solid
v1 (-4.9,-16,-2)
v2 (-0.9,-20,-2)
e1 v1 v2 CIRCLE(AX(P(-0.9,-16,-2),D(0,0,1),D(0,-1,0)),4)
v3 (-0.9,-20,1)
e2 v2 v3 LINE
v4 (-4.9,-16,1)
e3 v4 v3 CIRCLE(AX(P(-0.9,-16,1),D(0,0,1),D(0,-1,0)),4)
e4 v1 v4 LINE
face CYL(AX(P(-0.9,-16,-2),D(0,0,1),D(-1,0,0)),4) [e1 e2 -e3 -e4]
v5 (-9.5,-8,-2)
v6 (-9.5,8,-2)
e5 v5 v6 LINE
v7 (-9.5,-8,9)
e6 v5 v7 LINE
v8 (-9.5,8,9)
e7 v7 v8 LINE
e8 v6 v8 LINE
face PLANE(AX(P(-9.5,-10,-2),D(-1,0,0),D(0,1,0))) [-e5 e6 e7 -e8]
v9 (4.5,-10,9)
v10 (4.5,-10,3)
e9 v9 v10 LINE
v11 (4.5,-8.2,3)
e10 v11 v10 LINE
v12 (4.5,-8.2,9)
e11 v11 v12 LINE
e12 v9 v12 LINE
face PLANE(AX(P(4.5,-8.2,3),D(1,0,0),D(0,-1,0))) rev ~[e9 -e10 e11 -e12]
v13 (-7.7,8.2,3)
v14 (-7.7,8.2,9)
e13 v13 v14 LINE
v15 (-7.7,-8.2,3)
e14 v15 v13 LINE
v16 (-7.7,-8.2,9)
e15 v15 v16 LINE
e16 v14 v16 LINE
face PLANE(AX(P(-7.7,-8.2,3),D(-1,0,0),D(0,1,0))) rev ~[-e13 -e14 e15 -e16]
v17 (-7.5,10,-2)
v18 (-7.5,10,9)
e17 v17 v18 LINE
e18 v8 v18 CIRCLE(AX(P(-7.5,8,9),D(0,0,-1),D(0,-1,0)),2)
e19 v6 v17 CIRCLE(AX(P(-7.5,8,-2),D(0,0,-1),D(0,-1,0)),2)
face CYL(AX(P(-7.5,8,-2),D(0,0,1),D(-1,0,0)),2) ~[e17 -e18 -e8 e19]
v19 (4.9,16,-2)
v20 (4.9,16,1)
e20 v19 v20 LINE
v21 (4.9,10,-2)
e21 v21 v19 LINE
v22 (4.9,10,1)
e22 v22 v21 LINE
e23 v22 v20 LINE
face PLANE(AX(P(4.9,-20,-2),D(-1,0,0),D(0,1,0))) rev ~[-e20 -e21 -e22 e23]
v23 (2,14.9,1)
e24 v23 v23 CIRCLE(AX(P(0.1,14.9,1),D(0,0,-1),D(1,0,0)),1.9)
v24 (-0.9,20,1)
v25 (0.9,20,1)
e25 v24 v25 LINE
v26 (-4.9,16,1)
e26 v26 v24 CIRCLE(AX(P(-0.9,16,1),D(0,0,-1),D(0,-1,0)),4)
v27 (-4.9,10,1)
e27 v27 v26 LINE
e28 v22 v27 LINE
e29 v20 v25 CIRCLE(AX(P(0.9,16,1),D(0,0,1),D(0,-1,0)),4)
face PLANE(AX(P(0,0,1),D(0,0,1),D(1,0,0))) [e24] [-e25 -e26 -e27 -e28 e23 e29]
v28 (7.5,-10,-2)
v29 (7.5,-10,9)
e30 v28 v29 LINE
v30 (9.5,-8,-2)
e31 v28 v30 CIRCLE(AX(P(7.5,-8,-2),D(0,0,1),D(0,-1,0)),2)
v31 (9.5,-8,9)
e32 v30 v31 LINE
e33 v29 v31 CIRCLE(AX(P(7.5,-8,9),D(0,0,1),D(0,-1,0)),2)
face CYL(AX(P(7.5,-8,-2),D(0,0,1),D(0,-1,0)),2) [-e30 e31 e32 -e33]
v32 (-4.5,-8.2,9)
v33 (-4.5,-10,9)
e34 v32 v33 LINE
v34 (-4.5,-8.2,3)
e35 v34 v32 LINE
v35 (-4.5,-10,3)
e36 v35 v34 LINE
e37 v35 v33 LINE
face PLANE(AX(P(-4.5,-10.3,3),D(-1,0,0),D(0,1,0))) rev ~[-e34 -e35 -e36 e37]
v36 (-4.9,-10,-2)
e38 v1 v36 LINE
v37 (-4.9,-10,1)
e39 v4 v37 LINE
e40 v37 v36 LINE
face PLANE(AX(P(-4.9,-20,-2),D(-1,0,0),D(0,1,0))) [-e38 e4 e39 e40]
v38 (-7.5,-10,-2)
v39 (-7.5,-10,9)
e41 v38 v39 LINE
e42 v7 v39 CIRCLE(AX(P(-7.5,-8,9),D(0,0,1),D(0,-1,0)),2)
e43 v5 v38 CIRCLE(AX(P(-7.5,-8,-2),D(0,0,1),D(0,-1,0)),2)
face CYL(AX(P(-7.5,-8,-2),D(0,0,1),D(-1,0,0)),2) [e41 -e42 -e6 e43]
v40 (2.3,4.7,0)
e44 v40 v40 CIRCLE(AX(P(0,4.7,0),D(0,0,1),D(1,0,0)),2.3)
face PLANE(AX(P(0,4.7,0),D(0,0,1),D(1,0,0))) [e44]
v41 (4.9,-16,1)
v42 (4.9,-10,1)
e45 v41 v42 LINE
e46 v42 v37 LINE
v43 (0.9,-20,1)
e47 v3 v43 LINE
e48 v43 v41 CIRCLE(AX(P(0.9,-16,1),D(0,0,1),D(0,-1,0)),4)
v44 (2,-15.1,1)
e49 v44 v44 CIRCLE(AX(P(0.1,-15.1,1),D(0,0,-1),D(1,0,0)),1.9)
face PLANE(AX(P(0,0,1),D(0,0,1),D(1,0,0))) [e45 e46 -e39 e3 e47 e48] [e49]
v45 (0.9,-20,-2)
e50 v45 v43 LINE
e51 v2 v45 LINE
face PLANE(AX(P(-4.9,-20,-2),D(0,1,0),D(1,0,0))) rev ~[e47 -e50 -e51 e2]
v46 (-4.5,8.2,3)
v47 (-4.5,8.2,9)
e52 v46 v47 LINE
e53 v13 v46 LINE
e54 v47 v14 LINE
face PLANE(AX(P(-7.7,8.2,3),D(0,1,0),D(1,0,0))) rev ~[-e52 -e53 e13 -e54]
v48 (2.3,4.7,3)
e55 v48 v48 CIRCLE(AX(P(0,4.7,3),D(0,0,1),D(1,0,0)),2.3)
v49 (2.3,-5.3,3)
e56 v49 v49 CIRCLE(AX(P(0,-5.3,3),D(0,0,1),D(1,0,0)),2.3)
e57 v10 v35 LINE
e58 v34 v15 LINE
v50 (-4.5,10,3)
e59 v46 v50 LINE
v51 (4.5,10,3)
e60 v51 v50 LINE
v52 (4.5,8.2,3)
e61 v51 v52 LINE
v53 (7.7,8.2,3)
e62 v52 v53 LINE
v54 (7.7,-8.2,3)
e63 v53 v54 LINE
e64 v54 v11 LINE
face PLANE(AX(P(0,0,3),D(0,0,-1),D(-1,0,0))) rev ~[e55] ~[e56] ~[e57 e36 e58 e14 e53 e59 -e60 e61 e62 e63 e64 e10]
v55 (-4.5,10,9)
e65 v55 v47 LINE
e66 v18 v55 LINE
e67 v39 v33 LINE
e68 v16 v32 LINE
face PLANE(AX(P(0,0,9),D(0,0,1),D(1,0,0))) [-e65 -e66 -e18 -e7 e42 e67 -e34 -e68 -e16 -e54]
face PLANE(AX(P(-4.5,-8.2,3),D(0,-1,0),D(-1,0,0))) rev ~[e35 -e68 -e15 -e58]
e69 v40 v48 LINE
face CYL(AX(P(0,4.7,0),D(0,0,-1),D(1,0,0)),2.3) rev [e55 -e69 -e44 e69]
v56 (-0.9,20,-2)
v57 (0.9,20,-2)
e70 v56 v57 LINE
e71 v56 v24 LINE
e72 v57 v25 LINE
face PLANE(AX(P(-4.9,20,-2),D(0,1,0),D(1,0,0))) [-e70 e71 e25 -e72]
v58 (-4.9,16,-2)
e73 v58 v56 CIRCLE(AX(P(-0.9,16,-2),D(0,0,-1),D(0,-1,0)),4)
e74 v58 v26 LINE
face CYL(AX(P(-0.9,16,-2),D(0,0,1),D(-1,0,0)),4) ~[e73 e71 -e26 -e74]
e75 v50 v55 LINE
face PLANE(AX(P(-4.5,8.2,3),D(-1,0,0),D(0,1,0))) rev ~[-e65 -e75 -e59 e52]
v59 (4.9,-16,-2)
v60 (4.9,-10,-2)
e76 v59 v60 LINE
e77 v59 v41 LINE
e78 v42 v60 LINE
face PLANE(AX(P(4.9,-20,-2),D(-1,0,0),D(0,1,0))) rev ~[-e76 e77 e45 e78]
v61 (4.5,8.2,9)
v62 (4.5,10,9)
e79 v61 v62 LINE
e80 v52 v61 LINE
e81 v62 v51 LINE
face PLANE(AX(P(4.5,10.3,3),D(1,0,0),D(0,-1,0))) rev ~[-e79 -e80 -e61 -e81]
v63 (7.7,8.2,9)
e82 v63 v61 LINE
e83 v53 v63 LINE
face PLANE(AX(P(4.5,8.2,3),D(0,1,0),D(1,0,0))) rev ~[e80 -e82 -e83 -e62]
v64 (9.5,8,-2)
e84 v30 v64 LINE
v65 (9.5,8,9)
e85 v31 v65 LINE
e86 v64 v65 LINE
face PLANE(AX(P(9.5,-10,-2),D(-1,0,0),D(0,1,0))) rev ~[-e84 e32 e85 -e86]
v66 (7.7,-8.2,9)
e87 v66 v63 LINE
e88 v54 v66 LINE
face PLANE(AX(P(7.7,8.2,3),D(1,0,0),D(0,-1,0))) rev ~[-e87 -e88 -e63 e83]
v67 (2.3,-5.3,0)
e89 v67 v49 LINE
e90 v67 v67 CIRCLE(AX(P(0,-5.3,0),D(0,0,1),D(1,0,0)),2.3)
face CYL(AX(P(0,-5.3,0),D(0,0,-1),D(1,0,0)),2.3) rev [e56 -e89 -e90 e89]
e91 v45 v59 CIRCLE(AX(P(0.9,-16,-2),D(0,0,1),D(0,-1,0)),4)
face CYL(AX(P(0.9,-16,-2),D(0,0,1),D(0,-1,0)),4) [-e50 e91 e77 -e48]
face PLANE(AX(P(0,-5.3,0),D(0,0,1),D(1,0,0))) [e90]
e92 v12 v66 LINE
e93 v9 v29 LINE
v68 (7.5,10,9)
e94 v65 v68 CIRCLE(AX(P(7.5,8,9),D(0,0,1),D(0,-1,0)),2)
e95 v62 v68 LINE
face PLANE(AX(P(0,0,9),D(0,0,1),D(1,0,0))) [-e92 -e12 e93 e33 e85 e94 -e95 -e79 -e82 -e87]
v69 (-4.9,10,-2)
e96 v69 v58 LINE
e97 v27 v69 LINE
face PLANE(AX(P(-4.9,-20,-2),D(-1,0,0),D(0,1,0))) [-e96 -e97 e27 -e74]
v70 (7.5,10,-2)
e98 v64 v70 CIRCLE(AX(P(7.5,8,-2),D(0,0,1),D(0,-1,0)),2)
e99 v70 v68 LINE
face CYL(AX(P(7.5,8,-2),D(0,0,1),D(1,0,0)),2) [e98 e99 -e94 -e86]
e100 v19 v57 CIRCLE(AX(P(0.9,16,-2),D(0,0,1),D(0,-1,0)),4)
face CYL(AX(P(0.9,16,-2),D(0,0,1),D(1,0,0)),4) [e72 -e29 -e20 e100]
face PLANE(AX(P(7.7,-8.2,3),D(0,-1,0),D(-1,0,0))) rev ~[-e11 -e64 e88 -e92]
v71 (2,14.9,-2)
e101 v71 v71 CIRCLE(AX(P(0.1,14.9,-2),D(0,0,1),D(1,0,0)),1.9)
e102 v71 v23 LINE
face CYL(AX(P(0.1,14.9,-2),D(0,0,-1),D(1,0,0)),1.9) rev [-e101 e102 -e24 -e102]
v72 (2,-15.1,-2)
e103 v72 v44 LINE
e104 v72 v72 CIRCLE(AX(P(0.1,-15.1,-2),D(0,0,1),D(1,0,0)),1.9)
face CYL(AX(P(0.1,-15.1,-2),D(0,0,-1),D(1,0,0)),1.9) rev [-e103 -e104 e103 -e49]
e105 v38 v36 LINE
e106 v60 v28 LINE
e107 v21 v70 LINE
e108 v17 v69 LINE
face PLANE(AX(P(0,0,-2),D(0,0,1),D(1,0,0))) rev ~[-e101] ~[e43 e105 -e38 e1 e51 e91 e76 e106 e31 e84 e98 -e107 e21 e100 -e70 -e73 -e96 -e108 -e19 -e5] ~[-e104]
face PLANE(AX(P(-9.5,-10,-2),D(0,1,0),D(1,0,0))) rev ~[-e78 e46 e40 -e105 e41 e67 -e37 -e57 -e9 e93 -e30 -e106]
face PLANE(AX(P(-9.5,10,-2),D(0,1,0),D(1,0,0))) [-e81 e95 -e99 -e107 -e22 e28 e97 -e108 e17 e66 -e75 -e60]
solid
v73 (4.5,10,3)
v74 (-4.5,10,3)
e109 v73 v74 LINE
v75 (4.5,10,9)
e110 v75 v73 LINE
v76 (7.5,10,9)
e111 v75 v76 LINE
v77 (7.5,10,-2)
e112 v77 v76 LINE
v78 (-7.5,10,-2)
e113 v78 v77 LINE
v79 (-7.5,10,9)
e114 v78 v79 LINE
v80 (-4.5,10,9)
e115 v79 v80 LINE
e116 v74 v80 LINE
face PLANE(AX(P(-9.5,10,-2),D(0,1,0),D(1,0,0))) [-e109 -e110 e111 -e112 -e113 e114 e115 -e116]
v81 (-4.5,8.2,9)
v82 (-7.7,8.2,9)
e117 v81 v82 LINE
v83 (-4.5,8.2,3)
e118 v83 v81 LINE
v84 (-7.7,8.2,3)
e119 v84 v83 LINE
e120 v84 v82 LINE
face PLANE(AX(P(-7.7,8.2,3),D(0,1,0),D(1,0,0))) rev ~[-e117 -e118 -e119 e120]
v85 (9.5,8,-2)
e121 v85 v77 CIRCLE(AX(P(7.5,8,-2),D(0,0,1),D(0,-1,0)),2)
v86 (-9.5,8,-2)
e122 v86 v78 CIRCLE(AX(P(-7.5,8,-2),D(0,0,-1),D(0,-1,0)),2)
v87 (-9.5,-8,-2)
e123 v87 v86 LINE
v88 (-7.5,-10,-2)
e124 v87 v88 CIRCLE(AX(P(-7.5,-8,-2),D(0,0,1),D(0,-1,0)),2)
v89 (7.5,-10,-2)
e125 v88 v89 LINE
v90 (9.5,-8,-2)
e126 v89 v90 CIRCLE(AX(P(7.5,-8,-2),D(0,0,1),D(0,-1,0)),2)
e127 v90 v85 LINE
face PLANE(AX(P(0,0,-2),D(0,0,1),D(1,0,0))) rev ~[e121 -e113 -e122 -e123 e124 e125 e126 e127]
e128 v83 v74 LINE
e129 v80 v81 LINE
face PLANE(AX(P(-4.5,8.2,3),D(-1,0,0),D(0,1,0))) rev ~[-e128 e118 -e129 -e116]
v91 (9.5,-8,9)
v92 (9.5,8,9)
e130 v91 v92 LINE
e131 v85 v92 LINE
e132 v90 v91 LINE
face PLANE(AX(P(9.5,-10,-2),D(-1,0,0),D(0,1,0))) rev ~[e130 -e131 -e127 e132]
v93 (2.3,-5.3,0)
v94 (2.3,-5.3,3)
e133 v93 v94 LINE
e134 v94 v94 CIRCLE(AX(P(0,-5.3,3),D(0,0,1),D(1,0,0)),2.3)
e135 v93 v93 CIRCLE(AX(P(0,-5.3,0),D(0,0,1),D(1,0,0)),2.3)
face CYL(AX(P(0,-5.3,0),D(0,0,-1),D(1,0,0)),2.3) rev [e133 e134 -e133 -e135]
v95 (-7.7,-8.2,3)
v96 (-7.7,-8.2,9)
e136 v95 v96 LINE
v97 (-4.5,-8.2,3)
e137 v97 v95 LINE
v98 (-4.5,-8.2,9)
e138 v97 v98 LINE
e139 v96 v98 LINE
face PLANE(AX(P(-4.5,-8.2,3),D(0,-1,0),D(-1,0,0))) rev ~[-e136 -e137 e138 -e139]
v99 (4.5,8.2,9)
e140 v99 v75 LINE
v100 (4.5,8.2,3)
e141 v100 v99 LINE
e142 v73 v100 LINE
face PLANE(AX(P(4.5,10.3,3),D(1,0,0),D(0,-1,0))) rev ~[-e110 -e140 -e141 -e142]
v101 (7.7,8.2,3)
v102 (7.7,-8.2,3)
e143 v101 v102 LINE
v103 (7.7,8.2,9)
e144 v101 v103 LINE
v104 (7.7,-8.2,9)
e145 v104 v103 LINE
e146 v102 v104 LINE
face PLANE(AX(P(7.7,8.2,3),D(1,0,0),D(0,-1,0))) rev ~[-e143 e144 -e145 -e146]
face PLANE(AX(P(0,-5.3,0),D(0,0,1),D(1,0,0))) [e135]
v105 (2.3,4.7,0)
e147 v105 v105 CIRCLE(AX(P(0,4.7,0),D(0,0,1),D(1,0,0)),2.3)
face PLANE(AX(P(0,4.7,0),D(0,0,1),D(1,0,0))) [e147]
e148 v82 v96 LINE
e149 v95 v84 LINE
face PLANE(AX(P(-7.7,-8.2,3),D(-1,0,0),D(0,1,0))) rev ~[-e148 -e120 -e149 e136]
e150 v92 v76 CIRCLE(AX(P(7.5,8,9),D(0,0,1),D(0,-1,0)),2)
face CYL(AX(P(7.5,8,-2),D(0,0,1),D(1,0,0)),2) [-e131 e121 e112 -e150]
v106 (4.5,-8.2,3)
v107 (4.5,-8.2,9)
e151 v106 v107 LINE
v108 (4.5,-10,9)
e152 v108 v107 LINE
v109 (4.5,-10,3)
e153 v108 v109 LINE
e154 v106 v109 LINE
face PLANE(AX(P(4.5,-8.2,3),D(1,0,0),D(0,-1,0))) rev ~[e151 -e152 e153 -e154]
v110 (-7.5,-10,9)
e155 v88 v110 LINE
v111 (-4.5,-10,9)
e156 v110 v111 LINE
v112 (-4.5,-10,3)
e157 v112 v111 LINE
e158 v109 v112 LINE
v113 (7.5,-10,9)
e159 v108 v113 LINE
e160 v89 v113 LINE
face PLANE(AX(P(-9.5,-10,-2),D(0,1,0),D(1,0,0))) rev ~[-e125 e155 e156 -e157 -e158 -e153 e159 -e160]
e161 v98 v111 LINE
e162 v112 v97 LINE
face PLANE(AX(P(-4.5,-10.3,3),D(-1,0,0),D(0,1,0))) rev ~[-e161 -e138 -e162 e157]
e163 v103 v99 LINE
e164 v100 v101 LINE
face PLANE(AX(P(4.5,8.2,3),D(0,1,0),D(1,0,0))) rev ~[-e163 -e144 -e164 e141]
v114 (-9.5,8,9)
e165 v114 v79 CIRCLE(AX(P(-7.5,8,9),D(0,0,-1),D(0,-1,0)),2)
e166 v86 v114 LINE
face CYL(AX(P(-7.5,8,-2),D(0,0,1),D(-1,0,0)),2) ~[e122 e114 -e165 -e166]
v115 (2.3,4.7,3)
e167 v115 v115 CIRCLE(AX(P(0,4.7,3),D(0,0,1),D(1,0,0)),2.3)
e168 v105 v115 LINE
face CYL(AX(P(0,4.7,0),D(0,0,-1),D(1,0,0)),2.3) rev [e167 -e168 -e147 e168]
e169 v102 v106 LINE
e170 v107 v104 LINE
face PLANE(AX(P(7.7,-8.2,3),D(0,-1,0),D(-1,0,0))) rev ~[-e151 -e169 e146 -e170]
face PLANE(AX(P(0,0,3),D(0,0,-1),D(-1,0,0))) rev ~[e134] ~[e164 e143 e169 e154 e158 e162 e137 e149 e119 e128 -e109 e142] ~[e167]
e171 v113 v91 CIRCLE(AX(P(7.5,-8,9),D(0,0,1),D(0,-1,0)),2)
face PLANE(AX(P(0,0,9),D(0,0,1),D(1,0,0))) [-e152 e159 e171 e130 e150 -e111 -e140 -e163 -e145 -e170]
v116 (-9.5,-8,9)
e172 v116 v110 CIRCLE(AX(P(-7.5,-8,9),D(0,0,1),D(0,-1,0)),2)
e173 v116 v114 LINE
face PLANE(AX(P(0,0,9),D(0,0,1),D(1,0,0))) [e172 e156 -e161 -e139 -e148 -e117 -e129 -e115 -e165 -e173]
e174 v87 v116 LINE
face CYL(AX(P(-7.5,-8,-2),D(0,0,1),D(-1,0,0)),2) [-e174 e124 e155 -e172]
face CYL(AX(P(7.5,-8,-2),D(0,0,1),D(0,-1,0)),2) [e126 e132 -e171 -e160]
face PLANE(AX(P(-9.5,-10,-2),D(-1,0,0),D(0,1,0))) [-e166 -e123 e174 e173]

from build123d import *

# Parameters (mm, degrees)
PAD_DEPTH         = 10
CYLINDER_R        = 2.3
CYLINDER_DEPTH    = 3
ARRAY_Y_COUNT     = 2
ARRAY_Y_PITCH     = 10
BOX_W             = 19
BOX_H             = 20
BOX_DEPTH         = 11
FILLET_R          = 2
CYLINDER001_R     = 1.9
CYLINDER001_DEPTH = 10
ARRAY002_Y_COUNT  = 2
ARRAY002_Y_PITCH  = 30
BOX005_W          = 9.8
BOX005_H          = 40
BOX005_DEPTH      = 3
FILLET002_R       = 4


with BuildPart() as tiny_bb_body:
    # Sketch → Pad (new body)
    with BuildSketch(Plane.XY):
        Polygon((-4.5, 10.3), (4.5, 10.3), (4.5, 8.2), (7.7, 8.2), (7.7, -8.2), (4.5, -8.2), (4.5, -10.3), (-4.5, -10.3), (-4.5, -8.2), (-7.7, -8.2), (-7.7, 8.2), (-4.5, 8.2), align=None)
    extrude(amount=PAD_DEPTH)


with BuildPart() as tiny_bb_body_1:
    # Body placement: moved
    add(tiny_bb_body.part.moved(Location((0, 0, 3))))


with BuildPart() as tiny_bb_mockup:
    # Cylinder → Cylinder (new body)
    with BuildSketch(Plane.XY):
        Circle(CYLINDER_R)
    extrude(amount=CYLINDER_DEPTH)

    # Array Y: tiny bb mockup ×2


with BuildPart() as tiny_bb_mockup_1:
    add(tiny_bb_mockup.part)
    with Locations(*[(0, i * ARRAY_Y_PITCH, 0) for i in range(1, ARRAY_Y_COUNT)]):
        add(tiny_bb_mockup.part)


with BuildPart() as tiny_bb_mockup_2:
    # Array placement: moved
    add(tiny_bb_mockup_1.part.moved(Location((0, -5.3, 0))))

    # Fusion: union tiny bb body
    add(tiny_bb_body_1.part)


with BuildPart() as bb_box_fillet:
    # Box → Box (new body)
    with BuildSketch(Plane(origin=(-9.5, -10, -2), x_dir=(1, 0, 0), z_dir=(0, 0, 1))):
        with Locations((9.5, 10)):
            Rectangle(BOX_W, BOX_H)
    extrude(amount=BOX_DEPTH)

    # Fillet
    fillet_edges = [bb_box_fillet.edges().sort_by_distance(p)[0] for p in [
        (-9.5, -10, 3.5),
        (-9.5, 10, 3.5),
        (9.5, -10, 3.5),
        (9.5, 10, 3.5),
    ]]
    fillet(fillet_edges, radius=FILLET_R)


with BuildPart() as attach_hole_array:
    # Cylinder001 → Cylinder001 (new body)
    with BuildSketch(Plane(origin=(5, 4.9, 0), x_dir=(1, 0, 0), z_dir=(0, 0, 1))):
        Circle(CYLINDER001_R)
    extrude(amount=CYLINDER001_DEPTH)

    # Array002 Y: attach hole array ×2


with BuildPart() as attach_hole_array_1:
    add(attach_hole_array.part)
    with Locations(*[(0, i * ARRAY002_Y_PITCH, 0) for i in range(1, ARRAY002_Y_COUNT)]):
        add(attach_hole_array.part)


with BuildPart() as bb_box_cut:
    # Box005 → Box005 (new body)
    with BuildSketch(Plane.XY):
        with Locations((4.9, 20)):
            Rectangle(BOX005_W, BOX005_H)
    extrude(amount=BOX005_DEPTH)

    # Fillet002
    fillet002_edges = [bb_box_cut.edges().sort_by_distance(p)[0] for p in [
        (0, 0, 1.5),
        (0, 40, 1.5),
        (9.8, 0, 1.5),
        (9.8, 40, 1.5),
    ]]
    fillet(fillet002_edges, radius=FILLET002_R)

    # Cut002: cut attach hole array
    add(attach_hole_array_1.part, mode=Mode.SUBTRACT)


with BuildPart() as bb_box_cut_1:
    # Cut002 placement: moved
    add(bb_box_cut.part.moved(Location((-4.9, -20, -2))))

    # Fusion001: union bb box fillet
    add(bb_box_fillet.part)

    # Cut: cut tiny bb mockup
    add(tiny_bb_mockup_2.part, mode=Mode.SUBTRACT)


with BuildPart() as bb_box_cut001:
    # Cut003 base: copy of bb box fillet
    add(bb_box_fillet.part)

    # Cut003: cut tiny bb mockup
    add(tiny_bb_mockup_2.part, mode=Mode.SUBTRACT)


solid = Compound([bb_box_cut_1.part, bb_box_cut001.part])
